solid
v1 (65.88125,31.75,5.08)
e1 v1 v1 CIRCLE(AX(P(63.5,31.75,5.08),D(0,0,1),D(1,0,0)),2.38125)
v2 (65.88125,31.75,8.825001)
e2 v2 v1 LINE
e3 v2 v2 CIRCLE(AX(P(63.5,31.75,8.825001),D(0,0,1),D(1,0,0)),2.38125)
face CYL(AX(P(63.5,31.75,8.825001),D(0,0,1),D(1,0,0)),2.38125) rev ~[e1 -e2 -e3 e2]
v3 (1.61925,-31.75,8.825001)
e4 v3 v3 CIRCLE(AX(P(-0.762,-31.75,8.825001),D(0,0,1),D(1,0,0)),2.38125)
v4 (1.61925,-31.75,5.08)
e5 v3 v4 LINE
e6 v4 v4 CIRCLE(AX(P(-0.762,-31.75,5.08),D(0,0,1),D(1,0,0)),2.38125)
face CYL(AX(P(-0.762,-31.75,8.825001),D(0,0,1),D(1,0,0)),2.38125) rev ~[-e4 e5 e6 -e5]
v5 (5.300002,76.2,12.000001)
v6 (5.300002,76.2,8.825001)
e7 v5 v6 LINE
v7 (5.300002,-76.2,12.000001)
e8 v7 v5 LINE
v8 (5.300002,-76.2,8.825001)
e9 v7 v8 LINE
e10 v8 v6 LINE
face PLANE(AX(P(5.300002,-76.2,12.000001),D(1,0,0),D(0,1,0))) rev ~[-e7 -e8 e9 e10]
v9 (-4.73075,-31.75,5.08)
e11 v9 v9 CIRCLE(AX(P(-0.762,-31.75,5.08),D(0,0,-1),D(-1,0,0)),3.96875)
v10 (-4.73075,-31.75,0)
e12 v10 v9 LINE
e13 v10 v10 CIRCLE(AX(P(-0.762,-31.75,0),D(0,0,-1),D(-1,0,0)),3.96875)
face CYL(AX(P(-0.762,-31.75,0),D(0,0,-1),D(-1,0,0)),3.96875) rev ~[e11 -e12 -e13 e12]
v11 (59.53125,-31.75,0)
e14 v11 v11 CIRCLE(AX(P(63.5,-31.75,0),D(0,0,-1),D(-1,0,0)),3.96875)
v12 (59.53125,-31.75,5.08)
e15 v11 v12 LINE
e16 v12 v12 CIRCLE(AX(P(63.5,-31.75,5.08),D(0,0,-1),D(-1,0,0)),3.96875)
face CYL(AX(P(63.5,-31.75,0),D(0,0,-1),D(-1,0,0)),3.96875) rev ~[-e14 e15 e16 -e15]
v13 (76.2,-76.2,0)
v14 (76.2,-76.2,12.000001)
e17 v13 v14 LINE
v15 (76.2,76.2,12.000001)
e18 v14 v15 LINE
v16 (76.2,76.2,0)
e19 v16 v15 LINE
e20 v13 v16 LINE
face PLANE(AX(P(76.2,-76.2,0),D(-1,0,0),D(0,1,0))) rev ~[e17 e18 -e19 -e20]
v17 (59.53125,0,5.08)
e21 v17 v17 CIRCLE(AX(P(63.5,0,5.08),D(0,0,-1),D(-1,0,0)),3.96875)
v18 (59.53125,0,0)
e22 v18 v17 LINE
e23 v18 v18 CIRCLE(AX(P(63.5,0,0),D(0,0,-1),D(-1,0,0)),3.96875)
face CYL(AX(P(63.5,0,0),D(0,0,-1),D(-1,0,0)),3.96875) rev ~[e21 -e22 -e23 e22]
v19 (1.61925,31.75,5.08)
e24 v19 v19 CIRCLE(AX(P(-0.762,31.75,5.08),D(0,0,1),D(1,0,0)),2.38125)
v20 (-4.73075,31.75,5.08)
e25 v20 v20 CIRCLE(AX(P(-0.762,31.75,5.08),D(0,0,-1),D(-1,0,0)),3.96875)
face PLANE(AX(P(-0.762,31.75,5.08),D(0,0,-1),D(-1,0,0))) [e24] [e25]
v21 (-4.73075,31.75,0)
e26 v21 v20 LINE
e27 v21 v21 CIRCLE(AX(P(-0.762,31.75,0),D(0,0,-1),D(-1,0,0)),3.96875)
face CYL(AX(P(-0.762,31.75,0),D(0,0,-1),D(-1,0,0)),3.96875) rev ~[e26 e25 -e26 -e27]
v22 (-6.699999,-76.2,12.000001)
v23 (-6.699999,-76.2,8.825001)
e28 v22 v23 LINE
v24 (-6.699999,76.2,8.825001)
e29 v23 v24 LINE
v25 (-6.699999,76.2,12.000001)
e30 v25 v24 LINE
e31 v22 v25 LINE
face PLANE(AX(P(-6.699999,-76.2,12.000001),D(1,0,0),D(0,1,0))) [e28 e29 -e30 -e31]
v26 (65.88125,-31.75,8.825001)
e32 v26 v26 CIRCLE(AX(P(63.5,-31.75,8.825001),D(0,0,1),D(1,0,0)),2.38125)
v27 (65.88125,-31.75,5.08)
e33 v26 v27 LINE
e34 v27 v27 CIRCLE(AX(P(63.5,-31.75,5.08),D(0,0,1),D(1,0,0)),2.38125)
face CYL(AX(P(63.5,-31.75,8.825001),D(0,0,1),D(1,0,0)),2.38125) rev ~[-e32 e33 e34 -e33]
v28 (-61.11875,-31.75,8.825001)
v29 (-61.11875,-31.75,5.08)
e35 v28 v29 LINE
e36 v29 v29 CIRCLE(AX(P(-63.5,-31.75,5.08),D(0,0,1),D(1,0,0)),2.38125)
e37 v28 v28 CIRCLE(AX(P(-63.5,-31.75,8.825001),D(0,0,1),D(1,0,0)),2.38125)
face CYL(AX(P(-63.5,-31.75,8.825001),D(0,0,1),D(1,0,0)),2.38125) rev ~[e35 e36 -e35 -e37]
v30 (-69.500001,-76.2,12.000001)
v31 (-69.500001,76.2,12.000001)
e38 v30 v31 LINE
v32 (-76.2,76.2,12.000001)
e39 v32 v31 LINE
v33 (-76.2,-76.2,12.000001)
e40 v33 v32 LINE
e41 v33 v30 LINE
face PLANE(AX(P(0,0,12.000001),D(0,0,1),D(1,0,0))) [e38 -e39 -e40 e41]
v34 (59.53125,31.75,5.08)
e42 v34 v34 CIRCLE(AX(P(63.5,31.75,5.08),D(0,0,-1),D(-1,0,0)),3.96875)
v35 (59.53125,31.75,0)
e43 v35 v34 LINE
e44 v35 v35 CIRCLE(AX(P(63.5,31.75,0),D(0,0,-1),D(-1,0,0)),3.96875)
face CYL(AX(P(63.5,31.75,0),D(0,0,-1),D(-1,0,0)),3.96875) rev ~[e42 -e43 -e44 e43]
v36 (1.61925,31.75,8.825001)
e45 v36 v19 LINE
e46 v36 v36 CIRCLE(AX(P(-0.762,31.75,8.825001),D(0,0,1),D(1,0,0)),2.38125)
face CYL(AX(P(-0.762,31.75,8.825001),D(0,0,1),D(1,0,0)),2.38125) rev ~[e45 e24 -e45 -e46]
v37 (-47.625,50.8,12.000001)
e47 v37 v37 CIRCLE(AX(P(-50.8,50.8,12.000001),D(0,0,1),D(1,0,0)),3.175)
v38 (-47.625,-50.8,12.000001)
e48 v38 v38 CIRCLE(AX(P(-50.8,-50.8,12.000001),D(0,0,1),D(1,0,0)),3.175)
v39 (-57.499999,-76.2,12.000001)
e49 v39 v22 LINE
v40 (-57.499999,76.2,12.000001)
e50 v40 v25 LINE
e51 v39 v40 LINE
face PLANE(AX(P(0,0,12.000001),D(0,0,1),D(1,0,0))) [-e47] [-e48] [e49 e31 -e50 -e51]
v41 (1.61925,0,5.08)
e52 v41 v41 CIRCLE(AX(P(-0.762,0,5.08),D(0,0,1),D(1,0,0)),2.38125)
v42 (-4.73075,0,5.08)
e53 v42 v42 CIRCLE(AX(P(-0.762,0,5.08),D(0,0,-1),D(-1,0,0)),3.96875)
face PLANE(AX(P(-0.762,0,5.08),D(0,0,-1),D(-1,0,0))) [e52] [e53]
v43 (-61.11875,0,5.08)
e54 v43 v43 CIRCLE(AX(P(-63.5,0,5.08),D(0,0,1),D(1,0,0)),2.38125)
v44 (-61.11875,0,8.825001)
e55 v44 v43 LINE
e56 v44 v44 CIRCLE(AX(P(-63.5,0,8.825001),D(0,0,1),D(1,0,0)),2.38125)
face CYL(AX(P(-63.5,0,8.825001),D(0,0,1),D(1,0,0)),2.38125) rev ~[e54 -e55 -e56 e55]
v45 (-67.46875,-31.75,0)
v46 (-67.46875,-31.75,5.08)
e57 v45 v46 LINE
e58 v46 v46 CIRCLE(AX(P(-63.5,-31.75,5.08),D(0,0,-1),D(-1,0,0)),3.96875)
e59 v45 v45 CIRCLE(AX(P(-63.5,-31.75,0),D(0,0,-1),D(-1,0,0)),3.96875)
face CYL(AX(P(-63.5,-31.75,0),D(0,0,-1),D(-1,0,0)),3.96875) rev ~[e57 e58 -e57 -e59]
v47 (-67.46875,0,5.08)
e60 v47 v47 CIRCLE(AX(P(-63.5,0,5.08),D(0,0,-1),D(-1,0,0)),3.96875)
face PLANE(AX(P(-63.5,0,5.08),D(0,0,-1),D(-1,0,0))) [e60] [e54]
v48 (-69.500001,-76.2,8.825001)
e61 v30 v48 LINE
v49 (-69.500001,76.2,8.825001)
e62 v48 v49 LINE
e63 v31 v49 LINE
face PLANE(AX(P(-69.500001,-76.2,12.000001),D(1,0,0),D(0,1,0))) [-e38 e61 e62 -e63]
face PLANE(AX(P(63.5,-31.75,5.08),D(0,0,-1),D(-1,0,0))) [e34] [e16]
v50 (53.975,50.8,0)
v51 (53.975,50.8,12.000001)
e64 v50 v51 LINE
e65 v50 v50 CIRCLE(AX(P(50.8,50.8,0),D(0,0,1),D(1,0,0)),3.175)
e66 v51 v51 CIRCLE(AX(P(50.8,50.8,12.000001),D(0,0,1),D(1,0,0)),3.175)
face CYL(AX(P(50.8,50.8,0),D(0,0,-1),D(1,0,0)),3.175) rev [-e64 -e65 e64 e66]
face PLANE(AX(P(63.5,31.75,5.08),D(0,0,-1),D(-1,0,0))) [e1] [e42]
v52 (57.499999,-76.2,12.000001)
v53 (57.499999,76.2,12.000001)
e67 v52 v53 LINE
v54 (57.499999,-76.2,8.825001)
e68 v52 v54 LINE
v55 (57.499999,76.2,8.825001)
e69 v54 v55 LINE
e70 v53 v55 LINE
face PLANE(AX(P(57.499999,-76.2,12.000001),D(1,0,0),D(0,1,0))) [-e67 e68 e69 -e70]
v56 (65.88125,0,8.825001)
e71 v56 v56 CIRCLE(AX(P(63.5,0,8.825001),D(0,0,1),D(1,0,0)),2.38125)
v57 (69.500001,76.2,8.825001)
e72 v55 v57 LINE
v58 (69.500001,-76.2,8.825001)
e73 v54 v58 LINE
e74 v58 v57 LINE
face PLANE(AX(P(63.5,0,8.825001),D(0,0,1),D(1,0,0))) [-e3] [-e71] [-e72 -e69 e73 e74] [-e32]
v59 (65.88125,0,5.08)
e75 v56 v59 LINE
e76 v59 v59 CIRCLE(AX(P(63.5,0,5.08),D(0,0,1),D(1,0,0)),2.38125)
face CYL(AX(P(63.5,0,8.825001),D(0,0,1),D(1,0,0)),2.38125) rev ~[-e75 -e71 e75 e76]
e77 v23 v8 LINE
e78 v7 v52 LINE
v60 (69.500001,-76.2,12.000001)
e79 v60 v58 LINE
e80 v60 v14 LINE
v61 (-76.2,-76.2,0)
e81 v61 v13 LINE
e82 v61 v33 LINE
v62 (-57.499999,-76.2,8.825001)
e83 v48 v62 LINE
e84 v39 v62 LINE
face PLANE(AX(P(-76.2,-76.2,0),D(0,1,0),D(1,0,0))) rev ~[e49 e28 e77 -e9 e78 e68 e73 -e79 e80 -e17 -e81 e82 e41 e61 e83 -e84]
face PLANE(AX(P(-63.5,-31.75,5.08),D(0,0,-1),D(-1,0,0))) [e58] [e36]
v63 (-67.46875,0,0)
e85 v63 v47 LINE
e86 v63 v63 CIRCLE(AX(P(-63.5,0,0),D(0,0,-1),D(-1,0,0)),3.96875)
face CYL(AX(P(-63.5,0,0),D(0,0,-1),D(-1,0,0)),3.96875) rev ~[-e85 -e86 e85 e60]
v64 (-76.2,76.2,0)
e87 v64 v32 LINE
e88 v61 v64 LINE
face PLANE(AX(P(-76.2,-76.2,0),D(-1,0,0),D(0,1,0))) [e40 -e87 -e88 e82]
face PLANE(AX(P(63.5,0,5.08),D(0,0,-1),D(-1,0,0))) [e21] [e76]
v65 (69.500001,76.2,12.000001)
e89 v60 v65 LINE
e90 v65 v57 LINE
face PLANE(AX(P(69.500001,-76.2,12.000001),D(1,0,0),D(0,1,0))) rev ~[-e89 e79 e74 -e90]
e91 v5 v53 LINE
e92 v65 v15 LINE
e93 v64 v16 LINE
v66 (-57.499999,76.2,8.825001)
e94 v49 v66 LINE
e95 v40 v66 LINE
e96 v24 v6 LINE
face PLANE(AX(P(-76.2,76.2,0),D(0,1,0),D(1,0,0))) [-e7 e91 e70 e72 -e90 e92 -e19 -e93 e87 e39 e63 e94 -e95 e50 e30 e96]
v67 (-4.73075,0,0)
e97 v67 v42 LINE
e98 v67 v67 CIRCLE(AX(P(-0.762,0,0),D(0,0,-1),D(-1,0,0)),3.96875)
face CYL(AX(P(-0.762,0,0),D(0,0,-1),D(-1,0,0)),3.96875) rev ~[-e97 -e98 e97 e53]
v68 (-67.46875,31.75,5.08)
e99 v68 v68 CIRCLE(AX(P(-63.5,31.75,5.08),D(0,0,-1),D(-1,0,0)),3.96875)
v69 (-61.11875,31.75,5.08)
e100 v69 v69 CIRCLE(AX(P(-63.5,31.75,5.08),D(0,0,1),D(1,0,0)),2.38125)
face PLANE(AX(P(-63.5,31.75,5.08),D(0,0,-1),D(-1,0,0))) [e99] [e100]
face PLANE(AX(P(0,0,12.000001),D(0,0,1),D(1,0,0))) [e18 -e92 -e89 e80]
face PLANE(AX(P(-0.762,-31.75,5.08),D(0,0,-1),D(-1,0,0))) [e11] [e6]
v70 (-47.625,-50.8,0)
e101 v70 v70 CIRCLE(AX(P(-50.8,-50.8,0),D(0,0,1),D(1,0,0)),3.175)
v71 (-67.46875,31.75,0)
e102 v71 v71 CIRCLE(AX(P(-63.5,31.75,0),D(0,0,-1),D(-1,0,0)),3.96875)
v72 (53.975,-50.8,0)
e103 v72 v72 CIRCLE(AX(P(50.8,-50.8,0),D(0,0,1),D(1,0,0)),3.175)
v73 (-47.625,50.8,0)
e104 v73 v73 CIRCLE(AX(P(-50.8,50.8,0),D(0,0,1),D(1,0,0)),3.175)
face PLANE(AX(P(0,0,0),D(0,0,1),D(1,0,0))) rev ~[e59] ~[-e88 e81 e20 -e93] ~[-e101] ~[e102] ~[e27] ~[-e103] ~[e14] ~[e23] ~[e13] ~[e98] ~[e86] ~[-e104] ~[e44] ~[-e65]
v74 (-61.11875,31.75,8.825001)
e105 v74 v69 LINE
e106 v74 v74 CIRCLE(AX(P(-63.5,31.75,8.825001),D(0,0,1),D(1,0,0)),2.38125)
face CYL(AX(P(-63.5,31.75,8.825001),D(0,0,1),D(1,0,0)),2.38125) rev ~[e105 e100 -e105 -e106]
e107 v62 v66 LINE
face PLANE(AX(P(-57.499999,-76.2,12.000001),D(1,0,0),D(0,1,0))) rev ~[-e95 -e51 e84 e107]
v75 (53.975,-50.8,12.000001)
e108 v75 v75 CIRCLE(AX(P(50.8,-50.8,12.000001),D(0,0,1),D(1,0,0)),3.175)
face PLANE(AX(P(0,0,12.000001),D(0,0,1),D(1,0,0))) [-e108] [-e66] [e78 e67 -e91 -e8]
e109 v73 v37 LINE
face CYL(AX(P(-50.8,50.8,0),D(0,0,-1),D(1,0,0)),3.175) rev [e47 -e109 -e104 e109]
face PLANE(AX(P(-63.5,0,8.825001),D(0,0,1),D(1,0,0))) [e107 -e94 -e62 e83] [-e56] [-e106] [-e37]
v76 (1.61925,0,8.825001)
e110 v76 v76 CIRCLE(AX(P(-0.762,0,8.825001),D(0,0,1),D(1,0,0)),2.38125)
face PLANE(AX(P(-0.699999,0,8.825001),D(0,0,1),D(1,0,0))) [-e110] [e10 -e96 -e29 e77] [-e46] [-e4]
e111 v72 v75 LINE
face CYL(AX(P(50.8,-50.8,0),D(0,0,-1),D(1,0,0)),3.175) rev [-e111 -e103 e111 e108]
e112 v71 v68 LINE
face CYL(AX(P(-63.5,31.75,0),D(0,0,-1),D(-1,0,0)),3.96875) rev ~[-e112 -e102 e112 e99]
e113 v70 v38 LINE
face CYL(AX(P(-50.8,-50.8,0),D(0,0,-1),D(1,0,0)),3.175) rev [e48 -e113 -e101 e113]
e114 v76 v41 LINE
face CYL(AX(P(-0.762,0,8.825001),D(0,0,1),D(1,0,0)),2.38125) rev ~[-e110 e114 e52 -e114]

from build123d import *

# Parameters (mm, degrees)
SKETCH1_W           = 152.4
SKETCH1_H           = 152.4
SKETCH1_R           = 3.175
BOSS_EXTRUDE1_DEPTH = 12.0000014
SKETCH2_W           = 12.0000014
SKETCH2_H           = 152.4
CUT_EXTRUDE1_DEPTH  = 3.175
SKETCH3_R           = 2.38125
CUT_EXTRUDE2_DEPTH  = 109.123820917
SKETCH4_R           = 3.96875
CUT_EXTRUDE3_DEPTH  = 5.08
LPATTERN1_COUNT     = 2
LPATTERN1_PITCH     = 62.738
LPATTERN2_COUNT     = 2
LPATTERN2_PITCH     = 127


with BuildPart() as part:
    # Sketch1 → Boss-Extrude1 (new body)
    with BuildSketch(Plane.XY):
        Rectangle(SKETCH1_W, SKETCH1_H)
        with Locations((-50.8, 50.8)):
            Circle(SKETCH1_R, mode=Mode.SUBTRACT)
        with Locations((50.8, 50.8)):
            Circle(SKETCH1_R, mode=Mode.SUBTRACT)
        with Locations((50.8, -50.8)):
            Circle(SKETCH1_R, mode=Mode.SUBTRACT)
        with Locations((-50.8, -50.8)):
            Circle(SKETCH1_R, mode=Mode.SUBTRACT)
    extrude(amount=BOSS_EXTRUDE1_DEPTH)

    # Sketch2 → Cut-Extrude1 (cut)
    with BuildSketch(Plane.XY.offset(12.0000014)):
        with Locations((-63.5, 0)):
            Rectangle(SKETCH2_W, SKETCH2_H)
        with Locations((-0.6999986, 0)):
            Rectangle(SKETCH2_W, SKETCH2_H)
        with Locations((63.5, 0)):
            Rectangle(SKETCH2_W, SKETCH2_H)
    extrude(amount=-CUT_EXTRUDE1_DEPTH, mode=Mode.SUBTRACT)

    # Sketch3 → Cut-Extrude2 (cut, through all)
    with BuildSketch(Plane.XY.offset(8.8250014)):
        with Locations((-63.5, 0)):
            Circle(SKETCH3_R)
        with Locations((-63.5, 31.75)):
            Circle(SKETCH3_R)
        with Locations((-63.5, -31.75)):
            Circle(SKETCH3_R)
    cut_extrude2 = extrude(amount=-CUT_EXTRUDE2_DEPTH, mode=Mode.SUBTRACT)

    # Sketch4 → Cut-Extrude3 (cut)
    with BuildSketch(Plane(origin=(0, 0, 0), x_dir=(-1, 0, 0), z_dir=(0, 0, -1))):
        with Locations((63.5, 31.75)):
            Circle(SKETCH4_R)
        with Locations((63.5, 0)):
            Circle(SKETCH4_R)
        with Locations((63.5, -31.75)):
            Circle(SKETCH4_R)
    cut_extrude3 = extrude(amount=-CUT_EXTRUDE3_DEPTH, mode=Mode.SUBTRACT)

    # LPattern1: Cut-Extrude2, Cut-Extrude3 ×2
    with Locations(*[(i * LPATTERN1_PITCH, 0, 0) for i in range(1, LPATTERN1_COUNT)]):
        add(cut_extrude2, mode=Mode.SUBTRACT)
        add(cut_extrude3, mode=Mode.SUBTRACT)

    # LPattern2: Cut-Extrude2, Cut-Extrude3 ×2
    with Locations(*[(i * LPATTERN2_PITCH, 0, 0) for i in range(1, LPATTERN2_COUNT)]):
        add(cut_extrude2, mode=Mode.SUBTRACT)
        add(cut_extrude3, mode=Mode.SUBTRACT)


solid = part.part
